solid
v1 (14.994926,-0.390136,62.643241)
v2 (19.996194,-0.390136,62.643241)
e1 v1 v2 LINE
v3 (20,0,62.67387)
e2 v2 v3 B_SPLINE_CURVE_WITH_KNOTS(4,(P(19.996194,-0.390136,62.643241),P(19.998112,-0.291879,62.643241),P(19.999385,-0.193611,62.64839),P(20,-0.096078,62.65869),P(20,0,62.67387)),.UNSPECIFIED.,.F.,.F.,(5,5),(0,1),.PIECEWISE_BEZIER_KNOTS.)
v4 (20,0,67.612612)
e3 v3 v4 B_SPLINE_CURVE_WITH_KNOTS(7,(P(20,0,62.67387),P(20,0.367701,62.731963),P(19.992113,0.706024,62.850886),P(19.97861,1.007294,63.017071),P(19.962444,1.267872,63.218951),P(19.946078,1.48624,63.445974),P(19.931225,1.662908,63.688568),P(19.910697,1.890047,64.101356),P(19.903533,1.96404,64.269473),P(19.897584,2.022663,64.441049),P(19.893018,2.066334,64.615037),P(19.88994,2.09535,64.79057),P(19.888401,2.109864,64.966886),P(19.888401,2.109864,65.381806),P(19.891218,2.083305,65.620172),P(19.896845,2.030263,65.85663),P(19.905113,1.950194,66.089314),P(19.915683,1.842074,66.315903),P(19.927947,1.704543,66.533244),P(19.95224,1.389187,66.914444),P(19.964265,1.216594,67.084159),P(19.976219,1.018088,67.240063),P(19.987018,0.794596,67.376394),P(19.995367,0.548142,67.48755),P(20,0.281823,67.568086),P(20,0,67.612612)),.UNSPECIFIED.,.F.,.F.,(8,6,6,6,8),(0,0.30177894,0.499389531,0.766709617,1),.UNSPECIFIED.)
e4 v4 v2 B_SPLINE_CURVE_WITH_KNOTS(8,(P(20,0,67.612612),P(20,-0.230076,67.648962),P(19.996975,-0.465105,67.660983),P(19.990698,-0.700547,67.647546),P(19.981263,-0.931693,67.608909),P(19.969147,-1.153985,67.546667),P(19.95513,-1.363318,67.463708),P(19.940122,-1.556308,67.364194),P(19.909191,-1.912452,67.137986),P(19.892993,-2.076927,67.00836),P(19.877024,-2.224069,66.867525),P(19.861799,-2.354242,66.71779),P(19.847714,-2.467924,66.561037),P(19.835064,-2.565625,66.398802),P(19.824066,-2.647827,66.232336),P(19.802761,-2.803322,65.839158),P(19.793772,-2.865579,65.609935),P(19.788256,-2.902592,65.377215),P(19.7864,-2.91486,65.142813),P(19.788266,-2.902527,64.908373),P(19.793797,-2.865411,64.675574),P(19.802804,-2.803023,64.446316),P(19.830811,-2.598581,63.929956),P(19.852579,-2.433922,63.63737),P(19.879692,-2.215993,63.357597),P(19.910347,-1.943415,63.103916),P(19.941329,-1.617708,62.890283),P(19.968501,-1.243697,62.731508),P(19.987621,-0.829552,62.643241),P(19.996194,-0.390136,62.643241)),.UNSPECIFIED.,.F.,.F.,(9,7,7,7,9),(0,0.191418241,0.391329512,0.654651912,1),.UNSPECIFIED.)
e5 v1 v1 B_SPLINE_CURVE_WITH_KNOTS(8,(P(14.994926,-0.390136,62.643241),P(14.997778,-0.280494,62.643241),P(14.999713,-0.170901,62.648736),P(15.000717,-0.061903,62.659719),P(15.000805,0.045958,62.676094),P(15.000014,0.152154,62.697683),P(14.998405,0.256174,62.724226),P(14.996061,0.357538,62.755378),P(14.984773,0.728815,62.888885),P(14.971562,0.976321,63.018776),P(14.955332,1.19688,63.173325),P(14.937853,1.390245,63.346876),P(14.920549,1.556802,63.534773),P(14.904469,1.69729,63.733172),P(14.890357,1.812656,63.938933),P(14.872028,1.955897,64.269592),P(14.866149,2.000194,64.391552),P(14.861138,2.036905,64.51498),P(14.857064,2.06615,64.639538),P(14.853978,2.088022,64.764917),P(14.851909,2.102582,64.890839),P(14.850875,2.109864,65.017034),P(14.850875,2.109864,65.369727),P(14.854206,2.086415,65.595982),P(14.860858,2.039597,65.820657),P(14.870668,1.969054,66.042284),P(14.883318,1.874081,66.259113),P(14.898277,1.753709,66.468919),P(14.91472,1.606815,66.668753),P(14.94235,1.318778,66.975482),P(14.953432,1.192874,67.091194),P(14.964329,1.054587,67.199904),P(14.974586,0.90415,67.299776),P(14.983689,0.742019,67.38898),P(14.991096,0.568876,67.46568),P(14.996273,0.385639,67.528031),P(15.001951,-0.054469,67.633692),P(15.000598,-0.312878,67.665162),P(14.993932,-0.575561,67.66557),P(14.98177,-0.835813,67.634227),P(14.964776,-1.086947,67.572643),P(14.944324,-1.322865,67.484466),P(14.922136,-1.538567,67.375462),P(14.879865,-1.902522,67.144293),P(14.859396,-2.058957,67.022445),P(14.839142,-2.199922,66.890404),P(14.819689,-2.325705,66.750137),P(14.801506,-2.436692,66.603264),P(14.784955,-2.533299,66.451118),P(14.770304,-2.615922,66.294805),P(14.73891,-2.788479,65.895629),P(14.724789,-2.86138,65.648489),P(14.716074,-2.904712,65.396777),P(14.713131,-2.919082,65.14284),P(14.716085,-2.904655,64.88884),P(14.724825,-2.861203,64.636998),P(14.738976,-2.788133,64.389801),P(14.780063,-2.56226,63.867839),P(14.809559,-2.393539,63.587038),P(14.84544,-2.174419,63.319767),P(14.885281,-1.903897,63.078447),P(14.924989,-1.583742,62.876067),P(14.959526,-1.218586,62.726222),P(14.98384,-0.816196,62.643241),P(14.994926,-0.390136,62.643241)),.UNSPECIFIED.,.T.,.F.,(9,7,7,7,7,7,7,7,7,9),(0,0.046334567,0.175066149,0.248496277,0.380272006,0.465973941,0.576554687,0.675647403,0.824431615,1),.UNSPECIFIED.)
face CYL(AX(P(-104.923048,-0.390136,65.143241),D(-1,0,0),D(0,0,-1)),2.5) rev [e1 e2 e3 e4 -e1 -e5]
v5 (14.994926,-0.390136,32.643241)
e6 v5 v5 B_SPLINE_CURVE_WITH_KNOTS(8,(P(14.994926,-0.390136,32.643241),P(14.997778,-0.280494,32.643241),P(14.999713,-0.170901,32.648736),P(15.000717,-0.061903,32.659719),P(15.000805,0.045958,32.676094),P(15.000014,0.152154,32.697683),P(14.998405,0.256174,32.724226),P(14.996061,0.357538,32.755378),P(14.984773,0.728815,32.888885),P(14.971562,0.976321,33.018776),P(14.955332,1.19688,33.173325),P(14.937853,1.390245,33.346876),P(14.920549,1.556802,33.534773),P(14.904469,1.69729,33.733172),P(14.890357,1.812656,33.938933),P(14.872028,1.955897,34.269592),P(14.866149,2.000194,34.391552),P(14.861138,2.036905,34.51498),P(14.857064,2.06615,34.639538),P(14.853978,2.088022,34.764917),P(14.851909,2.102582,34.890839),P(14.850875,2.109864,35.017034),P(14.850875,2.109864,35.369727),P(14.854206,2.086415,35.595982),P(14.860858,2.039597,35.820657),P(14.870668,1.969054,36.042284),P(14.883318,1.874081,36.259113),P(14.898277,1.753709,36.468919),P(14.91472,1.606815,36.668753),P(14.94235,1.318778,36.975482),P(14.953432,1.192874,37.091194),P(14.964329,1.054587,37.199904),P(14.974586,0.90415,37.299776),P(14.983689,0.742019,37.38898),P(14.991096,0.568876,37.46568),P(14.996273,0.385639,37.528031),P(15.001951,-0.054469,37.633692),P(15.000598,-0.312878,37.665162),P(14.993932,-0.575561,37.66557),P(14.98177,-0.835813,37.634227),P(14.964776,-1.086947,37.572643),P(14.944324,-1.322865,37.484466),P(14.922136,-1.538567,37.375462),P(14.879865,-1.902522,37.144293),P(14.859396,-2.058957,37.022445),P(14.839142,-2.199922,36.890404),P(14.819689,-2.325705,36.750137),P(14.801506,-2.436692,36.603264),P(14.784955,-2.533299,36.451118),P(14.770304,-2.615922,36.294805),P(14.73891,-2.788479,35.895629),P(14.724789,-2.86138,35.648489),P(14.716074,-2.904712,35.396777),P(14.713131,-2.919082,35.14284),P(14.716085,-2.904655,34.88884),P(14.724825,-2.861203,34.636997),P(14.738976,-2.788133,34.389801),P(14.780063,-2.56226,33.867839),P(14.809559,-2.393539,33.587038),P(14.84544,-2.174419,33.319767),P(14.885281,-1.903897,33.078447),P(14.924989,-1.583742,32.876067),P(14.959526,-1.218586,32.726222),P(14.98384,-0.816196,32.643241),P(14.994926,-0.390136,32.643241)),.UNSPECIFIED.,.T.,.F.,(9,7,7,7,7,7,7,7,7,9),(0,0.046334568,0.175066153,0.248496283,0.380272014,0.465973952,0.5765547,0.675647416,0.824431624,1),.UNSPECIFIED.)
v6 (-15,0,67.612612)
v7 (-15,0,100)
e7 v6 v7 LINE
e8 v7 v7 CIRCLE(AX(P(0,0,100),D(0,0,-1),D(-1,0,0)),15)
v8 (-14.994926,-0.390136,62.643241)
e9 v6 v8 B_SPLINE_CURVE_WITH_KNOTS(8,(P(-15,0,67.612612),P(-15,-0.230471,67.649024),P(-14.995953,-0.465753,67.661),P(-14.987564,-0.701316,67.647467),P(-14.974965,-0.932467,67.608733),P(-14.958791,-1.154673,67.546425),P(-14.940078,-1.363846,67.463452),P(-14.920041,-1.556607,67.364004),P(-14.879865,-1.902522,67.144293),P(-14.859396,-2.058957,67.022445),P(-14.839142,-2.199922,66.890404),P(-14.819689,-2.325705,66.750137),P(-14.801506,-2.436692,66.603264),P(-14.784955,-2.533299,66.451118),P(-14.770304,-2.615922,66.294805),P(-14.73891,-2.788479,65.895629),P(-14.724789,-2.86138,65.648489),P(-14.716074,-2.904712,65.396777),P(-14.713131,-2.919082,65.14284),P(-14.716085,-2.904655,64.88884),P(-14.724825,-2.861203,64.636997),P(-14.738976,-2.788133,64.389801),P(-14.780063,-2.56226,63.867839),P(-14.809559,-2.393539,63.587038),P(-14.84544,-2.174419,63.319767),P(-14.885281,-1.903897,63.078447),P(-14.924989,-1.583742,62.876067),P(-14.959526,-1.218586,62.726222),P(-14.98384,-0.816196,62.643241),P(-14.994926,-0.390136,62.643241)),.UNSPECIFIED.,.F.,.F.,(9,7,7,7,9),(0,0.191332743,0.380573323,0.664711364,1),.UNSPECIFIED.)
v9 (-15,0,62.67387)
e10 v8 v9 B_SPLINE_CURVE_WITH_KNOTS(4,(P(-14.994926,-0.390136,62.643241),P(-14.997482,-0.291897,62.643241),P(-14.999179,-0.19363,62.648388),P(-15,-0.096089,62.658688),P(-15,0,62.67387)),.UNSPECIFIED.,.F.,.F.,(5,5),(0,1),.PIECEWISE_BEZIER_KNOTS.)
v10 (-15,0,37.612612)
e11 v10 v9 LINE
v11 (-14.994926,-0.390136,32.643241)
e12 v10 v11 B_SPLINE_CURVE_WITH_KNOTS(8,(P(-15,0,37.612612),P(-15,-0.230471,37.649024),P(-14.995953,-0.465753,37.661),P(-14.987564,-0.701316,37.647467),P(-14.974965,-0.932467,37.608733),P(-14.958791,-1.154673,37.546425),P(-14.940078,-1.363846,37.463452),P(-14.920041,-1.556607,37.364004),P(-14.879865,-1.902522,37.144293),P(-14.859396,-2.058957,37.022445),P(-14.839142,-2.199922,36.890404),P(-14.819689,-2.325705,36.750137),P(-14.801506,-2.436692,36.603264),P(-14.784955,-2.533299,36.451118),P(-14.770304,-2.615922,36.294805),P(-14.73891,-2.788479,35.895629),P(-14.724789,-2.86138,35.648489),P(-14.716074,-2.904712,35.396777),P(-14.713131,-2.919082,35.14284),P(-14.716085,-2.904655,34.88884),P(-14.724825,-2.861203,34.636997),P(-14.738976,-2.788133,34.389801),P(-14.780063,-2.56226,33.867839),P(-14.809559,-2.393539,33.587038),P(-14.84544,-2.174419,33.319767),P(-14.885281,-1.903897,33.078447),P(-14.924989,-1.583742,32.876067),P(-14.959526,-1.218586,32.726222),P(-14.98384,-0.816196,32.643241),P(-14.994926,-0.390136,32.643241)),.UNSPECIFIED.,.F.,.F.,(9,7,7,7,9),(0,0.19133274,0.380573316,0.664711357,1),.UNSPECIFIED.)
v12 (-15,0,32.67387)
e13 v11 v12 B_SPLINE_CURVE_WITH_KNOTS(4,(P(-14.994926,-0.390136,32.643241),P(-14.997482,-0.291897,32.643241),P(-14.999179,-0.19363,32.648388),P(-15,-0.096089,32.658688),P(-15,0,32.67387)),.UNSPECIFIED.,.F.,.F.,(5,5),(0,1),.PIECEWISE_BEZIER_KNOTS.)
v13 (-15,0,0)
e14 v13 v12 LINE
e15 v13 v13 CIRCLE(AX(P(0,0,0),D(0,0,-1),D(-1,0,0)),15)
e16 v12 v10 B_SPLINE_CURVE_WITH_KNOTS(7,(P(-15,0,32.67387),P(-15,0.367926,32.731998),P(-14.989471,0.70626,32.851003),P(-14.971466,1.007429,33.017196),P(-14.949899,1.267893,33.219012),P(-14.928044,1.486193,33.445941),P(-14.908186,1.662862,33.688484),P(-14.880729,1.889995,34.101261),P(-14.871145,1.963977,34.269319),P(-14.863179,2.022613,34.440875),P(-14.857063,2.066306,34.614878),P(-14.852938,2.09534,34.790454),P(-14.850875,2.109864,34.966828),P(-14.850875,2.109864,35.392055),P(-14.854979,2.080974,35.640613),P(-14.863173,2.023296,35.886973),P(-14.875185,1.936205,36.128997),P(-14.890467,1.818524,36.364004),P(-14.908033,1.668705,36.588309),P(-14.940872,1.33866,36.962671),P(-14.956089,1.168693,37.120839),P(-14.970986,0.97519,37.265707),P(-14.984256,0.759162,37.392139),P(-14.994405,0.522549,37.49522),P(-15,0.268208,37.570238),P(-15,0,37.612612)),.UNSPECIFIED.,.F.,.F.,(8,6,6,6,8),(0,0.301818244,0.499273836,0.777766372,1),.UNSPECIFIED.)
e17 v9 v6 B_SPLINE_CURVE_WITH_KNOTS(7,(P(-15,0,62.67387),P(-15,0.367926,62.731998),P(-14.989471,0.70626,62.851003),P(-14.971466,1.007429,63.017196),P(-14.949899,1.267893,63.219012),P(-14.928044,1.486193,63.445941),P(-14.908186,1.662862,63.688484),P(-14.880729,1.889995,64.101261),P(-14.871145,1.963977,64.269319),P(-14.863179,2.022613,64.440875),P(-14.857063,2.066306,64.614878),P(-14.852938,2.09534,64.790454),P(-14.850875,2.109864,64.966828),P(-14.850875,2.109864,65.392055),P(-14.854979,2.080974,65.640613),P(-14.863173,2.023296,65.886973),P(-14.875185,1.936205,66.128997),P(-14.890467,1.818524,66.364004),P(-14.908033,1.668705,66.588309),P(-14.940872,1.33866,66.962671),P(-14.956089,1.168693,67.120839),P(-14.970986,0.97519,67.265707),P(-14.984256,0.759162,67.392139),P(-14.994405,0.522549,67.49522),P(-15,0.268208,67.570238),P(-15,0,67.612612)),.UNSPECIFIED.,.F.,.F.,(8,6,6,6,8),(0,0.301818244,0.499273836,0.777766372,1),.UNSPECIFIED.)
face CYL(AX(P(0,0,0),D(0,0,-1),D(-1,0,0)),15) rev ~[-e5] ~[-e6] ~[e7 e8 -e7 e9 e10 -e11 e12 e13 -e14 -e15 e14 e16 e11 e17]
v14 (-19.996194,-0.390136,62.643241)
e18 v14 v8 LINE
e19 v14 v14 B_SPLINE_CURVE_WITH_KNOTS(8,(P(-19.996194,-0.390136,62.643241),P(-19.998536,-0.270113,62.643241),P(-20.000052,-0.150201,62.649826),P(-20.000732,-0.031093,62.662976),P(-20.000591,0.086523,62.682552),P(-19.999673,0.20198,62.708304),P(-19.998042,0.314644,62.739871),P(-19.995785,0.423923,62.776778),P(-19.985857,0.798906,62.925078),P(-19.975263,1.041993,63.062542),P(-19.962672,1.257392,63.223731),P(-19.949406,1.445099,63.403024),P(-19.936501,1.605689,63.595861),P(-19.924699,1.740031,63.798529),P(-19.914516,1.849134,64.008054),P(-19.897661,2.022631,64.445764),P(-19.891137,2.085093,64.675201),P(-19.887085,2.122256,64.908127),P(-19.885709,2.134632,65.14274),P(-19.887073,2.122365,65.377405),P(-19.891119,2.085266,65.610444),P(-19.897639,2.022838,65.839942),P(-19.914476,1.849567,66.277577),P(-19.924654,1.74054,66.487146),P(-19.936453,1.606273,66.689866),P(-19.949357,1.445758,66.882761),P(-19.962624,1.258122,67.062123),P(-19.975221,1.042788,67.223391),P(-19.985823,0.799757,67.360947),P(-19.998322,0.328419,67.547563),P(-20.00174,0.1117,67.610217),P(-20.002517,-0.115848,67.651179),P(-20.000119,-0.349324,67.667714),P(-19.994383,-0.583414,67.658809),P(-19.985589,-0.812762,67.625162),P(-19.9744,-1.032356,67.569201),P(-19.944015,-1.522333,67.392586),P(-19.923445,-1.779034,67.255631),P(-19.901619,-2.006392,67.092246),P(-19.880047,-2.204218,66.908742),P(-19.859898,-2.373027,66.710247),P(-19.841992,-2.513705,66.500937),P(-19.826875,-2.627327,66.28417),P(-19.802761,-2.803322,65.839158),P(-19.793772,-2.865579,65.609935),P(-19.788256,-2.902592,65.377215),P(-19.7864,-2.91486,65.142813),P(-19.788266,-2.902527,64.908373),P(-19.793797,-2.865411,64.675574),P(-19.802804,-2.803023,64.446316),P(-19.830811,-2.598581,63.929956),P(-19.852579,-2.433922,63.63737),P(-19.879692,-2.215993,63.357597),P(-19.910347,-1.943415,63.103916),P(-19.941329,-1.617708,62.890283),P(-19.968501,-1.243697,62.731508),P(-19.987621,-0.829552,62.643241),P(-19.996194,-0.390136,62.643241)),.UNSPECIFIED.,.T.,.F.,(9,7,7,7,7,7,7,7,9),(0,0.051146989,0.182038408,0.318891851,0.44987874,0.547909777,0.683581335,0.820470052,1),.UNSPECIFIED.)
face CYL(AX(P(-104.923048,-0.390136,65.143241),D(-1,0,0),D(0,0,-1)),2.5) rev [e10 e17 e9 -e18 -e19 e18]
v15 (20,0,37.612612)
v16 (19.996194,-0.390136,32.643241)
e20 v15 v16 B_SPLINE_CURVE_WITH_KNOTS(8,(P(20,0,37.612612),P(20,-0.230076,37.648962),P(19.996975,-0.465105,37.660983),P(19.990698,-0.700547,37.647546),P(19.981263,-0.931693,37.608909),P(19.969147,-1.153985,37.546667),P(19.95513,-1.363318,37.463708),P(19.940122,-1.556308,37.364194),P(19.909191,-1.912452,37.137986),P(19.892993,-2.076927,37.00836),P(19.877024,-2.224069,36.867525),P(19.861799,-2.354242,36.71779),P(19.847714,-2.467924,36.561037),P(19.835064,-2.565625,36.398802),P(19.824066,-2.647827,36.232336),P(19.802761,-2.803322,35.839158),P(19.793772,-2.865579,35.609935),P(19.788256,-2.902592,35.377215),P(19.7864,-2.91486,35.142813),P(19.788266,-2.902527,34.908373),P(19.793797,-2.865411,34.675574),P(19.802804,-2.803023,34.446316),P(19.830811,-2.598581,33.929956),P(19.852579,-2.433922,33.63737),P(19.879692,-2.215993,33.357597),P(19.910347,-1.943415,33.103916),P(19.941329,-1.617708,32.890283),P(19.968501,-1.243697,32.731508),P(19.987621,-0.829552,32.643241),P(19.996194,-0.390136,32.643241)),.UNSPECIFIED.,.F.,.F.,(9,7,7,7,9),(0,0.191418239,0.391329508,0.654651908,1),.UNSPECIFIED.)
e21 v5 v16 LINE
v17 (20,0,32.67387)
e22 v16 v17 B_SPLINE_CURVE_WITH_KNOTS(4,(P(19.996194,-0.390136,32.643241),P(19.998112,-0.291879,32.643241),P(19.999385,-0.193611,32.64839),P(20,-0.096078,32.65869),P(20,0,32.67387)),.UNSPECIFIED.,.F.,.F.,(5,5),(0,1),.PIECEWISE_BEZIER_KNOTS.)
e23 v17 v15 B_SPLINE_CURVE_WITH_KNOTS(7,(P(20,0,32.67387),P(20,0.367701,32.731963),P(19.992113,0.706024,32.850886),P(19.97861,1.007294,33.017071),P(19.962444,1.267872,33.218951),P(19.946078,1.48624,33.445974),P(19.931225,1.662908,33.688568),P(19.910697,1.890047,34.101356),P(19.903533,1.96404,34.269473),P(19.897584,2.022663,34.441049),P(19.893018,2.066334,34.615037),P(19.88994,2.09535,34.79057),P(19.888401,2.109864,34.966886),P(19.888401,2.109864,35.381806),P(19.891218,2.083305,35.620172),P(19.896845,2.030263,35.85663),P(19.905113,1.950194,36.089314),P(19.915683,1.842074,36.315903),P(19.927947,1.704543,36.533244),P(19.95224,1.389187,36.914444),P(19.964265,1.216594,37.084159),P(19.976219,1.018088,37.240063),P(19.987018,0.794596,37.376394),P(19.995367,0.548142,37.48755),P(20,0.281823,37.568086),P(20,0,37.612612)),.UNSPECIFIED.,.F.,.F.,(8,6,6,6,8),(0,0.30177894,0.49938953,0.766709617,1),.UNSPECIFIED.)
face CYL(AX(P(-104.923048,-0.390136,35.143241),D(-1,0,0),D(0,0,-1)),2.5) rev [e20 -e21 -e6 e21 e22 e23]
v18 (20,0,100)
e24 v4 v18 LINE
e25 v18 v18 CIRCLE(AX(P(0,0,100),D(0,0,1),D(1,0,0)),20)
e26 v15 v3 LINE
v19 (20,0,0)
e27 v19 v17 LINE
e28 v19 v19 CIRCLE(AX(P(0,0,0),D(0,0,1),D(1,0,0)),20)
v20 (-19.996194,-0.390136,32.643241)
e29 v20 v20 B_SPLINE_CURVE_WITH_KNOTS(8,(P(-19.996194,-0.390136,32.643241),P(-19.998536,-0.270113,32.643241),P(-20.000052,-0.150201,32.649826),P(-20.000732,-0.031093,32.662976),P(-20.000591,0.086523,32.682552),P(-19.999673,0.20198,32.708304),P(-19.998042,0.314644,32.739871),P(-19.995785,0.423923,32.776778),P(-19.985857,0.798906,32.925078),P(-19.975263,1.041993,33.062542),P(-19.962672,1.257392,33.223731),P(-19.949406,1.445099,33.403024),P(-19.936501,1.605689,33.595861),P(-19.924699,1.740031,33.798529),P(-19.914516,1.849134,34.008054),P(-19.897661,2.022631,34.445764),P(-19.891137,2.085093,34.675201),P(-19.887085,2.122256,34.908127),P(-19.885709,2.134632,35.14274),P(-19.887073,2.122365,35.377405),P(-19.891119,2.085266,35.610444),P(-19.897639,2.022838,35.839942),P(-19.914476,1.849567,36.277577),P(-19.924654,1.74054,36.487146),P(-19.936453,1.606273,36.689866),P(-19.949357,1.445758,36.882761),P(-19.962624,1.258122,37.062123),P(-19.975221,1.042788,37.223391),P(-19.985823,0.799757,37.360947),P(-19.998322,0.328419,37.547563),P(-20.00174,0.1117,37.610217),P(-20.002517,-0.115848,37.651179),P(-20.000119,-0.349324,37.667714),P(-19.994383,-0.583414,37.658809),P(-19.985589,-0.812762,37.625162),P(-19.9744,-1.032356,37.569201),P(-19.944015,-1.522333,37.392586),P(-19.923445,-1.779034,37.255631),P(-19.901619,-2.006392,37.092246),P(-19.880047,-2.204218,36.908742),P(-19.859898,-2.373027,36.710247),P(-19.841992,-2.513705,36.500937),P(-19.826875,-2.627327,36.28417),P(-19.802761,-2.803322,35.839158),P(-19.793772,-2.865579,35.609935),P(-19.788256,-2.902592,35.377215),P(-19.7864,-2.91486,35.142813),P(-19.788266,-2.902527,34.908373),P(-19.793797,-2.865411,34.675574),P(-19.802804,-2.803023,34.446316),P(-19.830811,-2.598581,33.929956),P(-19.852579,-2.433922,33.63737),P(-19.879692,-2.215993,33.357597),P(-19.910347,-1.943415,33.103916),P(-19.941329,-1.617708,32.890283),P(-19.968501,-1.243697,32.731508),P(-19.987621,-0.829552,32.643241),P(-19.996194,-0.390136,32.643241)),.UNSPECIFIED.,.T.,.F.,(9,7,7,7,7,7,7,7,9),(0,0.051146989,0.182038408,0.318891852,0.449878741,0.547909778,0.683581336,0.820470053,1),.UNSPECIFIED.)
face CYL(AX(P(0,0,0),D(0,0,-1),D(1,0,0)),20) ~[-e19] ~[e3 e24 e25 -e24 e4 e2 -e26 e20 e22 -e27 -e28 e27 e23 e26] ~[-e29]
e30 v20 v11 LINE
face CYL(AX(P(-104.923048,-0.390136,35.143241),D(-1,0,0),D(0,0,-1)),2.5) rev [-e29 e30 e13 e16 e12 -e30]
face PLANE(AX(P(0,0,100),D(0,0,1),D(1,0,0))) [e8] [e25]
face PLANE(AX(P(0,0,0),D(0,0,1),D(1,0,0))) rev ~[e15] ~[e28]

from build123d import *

# Parameters (mm, degrees)
SKETCH1_R               = 20
BOSS_EXTRUDE1_DEPTH     = 100
SKETCH2_R               = 15
CUT_EXTRUDE1_DEPTH      = 100
CUT_EXTRUDE5_DEPTH      = 104.923048454
CUT_EXTRUDE5_DEPTH_BACK = 104.923048454
SKETCH6_R               = 2.5


with BuildPart() as part:
    # Sketch1 → Boss-Extrude1 (new body)
    with BuildSketch(Plane.XY):
        Circle(SKETCH1_R)
    extrude(amount=BOSS_EXTRUDE1_DEPTH)

    # Sketch2 → Cut-Extrude1 (cut)
    with BuildSketch(Plane(origin=(0, 0, 0), x_dir=(-1, 0, 0), z_dir=(0, 0, -1))):
        Circle(SKETCH2_R)
    extrude(amount=-CUT_EXTRUDE1_DEPTH, mode=Mode.SUBTRACT)

    # Sketch6 → Cut-Extrude5 (cut, two sides: drawn at the far end of the back side and taken through both)
    with BuildSketch(Plane(origin=(0, 0, 0), x_dir=(0, 0, -1), z_dir=(1, 0, 0)).offset(-CUT_EXTRUDE5_DEPTH_BACK)):
        with Locations((-65.143240637, -0.390136297)):
            Circle(SKETCH6_R)
        with Locations((-35.143240637, -0.390136297)):
            Circle(SKETCH6_R)
    extrude(amount=CUT_EXTRUDE5_DEPTH + CUT_EXTRUDE5_DEPTH_BACK, mode=Mode.SUBTRACT)


solid = part.part
